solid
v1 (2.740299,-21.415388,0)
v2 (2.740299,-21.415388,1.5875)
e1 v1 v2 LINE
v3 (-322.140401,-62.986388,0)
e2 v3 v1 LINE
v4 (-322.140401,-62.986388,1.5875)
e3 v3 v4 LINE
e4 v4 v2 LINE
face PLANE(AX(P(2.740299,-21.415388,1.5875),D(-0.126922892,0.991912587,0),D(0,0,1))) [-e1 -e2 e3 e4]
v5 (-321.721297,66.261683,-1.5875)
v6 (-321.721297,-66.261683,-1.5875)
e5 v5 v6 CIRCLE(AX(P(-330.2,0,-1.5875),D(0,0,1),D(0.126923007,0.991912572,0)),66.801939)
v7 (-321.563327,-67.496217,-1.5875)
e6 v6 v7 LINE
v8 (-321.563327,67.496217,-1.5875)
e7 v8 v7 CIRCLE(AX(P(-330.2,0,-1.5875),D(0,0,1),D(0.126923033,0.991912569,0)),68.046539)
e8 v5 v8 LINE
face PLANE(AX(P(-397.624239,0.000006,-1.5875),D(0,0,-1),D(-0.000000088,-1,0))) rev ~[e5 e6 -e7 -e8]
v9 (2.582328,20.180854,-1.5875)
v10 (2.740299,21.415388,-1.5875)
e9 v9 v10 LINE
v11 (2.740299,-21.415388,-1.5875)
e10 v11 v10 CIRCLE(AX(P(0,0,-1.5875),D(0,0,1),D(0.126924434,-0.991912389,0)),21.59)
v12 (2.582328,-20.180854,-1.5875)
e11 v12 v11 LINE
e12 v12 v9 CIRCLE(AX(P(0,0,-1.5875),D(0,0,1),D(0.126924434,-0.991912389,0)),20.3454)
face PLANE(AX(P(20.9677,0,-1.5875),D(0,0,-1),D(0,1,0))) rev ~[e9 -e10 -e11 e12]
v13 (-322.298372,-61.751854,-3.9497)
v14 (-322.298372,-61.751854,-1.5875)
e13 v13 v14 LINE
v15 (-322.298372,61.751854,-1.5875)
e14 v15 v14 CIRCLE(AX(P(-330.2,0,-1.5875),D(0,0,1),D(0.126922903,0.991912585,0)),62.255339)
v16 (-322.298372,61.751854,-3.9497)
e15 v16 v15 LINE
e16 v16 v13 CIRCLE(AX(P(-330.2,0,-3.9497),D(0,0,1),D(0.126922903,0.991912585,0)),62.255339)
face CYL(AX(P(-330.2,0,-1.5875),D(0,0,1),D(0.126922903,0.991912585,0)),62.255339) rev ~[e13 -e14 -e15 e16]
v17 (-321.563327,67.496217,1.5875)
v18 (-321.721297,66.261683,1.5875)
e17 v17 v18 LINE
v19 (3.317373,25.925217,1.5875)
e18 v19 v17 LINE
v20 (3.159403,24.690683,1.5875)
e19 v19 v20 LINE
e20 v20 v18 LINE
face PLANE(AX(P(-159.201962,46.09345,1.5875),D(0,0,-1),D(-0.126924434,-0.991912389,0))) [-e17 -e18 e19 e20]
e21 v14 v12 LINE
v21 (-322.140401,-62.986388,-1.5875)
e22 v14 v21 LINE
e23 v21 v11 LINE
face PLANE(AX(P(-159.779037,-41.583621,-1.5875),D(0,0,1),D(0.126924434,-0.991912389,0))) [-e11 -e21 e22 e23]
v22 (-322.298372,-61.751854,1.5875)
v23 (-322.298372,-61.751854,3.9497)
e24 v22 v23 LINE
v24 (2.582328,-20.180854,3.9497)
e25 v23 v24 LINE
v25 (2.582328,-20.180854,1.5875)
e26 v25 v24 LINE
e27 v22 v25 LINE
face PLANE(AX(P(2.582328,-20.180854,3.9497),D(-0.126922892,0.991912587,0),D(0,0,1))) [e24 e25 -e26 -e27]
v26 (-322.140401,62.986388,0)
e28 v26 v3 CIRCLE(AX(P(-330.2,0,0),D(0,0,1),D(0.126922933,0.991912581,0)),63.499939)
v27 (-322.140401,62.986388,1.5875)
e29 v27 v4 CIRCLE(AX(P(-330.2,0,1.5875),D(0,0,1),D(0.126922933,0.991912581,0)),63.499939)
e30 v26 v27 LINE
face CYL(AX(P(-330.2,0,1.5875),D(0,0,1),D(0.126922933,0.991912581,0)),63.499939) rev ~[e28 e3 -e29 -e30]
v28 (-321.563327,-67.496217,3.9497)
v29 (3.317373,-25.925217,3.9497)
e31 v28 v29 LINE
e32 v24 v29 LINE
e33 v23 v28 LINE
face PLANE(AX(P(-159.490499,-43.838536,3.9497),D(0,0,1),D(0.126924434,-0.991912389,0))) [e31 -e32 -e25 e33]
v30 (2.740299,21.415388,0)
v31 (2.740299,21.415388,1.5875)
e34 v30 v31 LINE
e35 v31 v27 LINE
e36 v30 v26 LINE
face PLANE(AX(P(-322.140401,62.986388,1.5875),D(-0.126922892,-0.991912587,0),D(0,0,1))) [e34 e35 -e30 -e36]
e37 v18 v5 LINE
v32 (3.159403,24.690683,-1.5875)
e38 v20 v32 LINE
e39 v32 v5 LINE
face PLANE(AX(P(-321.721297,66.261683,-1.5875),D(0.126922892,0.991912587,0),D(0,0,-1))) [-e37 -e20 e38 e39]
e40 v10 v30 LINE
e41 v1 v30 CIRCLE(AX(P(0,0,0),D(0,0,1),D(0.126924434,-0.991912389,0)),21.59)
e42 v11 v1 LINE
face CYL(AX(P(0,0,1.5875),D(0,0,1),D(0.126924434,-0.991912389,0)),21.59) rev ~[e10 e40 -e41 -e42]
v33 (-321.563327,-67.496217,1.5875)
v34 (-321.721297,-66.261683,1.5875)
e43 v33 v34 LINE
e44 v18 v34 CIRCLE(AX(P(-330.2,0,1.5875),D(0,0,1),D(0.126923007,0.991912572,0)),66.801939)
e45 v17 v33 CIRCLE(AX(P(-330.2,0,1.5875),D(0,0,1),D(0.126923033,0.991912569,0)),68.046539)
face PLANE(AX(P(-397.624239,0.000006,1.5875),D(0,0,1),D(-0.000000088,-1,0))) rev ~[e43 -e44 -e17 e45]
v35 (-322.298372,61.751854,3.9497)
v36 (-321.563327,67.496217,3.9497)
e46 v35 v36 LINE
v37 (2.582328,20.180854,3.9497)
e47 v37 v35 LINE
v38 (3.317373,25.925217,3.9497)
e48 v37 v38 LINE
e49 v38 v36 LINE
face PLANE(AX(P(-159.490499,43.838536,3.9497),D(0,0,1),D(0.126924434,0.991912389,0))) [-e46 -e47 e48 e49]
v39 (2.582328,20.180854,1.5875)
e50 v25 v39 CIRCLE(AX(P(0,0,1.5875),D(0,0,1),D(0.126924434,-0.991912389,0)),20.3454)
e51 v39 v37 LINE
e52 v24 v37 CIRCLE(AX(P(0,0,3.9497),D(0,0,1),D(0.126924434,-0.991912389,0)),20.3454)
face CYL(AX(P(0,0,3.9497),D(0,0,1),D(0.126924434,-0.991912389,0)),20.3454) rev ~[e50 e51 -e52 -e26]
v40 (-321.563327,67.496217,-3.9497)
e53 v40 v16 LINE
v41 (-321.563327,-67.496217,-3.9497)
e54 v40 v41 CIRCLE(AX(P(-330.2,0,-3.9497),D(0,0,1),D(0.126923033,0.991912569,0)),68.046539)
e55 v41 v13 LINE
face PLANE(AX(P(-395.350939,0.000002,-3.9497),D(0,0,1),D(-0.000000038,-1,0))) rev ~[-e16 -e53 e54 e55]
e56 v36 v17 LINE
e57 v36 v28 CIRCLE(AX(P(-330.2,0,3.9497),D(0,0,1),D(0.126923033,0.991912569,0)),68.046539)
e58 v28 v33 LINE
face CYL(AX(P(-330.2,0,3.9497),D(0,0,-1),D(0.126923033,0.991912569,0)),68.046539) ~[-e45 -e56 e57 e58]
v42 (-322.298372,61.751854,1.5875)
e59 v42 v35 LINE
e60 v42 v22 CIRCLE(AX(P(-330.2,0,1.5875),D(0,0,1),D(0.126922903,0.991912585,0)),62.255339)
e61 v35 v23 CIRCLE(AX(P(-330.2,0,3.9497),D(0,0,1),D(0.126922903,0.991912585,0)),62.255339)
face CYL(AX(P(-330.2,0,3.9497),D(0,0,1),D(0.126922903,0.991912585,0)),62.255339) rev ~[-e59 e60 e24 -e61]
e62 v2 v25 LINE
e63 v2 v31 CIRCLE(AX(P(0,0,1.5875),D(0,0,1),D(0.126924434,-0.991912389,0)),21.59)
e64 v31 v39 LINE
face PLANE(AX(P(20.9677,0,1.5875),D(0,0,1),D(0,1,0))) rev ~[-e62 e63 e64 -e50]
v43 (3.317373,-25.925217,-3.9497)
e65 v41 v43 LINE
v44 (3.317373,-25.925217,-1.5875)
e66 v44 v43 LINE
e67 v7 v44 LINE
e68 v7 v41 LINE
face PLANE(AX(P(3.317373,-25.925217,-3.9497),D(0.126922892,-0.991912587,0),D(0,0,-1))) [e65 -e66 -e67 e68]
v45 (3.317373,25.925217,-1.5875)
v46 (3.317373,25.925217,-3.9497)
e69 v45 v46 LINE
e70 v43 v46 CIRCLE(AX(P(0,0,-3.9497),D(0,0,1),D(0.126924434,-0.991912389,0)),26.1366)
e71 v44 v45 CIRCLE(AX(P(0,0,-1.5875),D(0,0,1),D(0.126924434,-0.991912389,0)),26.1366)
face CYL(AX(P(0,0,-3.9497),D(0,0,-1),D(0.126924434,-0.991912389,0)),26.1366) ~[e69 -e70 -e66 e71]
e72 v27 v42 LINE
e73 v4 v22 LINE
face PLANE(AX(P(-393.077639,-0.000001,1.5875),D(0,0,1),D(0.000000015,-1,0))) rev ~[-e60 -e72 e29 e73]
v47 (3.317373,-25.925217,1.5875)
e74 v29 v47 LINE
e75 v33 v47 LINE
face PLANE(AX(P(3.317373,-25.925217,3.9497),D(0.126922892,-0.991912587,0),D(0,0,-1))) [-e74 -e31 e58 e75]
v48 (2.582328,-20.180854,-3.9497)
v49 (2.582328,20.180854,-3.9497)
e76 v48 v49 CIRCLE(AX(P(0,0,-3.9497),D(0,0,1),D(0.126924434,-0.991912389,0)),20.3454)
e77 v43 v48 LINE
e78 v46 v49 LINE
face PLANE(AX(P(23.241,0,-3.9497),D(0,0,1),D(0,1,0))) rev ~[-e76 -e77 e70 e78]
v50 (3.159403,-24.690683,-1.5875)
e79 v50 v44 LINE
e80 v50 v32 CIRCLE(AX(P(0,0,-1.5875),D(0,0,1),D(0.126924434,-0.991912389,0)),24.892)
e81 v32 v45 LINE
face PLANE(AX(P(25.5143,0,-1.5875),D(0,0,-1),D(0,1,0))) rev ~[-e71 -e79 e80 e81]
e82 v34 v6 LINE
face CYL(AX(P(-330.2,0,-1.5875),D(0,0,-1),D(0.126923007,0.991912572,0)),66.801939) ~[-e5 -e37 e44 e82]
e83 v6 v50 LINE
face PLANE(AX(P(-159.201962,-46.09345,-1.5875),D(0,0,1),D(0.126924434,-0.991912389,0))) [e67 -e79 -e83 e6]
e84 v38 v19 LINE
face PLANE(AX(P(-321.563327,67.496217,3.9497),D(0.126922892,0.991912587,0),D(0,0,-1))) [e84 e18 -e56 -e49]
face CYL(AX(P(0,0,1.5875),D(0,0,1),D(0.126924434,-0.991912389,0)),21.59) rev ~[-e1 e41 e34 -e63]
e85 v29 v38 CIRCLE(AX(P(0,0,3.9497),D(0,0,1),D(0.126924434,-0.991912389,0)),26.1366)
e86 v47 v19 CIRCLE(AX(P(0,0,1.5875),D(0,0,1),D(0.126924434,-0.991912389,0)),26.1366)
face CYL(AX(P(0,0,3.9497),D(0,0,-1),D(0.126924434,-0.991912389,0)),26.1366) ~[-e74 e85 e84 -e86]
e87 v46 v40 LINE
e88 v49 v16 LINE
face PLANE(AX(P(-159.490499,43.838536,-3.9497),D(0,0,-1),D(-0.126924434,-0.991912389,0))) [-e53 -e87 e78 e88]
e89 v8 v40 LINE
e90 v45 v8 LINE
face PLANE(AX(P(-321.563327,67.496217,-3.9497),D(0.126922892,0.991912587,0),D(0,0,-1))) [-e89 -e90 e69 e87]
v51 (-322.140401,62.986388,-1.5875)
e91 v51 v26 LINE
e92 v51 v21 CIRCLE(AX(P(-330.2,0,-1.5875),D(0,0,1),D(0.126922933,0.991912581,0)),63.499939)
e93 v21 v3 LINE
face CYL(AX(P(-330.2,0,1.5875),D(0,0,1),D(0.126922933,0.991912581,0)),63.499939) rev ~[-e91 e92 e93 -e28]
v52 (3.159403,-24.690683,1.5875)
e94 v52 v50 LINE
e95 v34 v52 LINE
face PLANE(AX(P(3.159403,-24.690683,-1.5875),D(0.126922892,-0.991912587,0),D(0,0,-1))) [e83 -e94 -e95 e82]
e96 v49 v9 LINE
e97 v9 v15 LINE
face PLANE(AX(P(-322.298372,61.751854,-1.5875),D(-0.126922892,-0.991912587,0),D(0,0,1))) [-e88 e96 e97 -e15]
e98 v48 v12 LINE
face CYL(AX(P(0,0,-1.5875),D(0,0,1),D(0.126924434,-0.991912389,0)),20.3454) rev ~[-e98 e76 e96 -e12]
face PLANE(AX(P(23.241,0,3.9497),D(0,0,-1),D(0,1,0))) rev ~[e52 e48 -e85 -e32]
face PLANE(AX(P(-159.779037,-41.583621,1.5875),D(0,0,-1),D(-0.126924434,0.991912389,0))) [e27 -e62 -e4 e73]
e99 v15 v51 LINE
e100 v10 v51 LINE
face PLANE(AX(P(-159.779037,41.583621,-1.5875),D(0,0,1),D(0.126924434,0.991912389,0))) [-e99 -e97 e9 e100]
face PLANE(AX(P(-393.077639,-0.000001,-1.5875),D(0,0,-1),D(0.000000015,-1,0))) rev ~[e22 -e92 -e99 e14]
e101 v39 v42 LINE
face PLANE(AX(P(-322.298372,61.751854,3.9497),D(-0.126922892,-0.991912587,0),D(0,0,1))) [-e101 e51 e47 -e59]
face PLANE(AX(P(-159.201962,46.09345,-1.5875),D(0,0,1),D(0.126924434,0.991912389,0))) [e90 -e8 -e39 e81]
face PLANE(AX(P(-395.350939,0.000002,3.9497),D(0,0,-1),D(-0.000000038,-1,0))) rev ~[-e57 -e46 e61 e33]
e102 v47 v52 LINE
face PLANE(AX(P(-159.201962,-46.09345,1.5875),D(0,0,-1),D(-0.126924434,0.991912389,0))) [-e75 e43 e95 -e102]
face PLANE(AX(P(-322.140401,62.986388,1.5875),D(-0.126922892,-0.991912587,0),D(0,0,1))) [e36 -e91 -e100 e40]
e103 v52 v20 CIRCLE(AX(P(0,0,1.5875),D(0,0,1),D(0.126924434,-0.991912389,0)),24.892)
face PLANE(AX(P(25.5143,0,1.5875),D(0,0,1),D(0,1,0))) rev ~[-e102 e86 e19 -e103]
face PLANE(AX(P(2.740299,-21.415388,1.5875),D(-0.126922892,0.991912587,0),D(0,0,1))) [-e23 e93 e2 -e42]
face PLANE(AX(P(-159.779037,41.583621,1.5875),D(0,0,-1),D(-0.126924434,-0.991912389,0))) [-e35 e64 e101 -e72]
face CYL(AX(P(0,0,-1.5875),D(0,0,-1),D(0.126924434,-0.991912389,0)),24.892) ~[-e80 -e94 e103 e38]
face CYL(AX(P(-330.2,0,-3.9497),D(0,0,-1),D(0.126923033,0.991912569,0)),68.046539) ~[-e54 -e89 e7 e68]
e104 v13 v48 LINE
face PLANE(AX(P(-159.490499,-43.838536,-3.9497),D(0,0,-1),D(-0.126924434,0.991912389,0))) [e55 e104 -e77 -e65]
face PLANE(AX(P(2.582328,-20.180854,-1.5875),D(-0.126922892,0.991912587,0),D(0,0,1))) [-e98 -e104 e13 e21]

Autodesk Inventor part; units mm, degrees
ref_plane "YZ Plane" through (0, 0, 0) normal (1, 0, 0) x (0, 1, 0)
ref_plane "XZ Plane" through (0, 0, 0) normal (0, 1, 0) x (-1, 0, 0)
ref_plane "XY Plane" through (0, 0, 0) normal (0, 0, 1) x (1, 0, 0)
sketch "Sketch2" plane through (0, 0, 0) normal (0, 0, 1) x (1, 0, 0)
  arc A0 (2.7403, -21.4154) -> (2.7403, 21.4154) centre (0, 0) ccw
  arc A1 (-322.1404, 62.9864) -> (-322.1404, -62.9864) centre (-330.2, 0) ccw
  line L0 (-322.1404, 62.9864) -> (2.7403, 21.4154)
  line L1 (2.7403, -21.4154) -> (-322.1404, -62.9864)
  dimension "d1" = 330.2
  dimension "d3" = 43.18
  dimension "d4" = 127
sketch "Sketch3" plane through (0, 0, 0) normal (0, 1, 0) x (-1, 0, 0)
  line L0 (-2.7403, 0) -> (-21.59, 0) projected
  line L1 (-26.1366, 3.9497) -> (-20.3454, 3.9497)
  line L2 (-20.3454, 3.9497) -> (-20.3454, 1.5875)
  line L3 (-20.3454, 1.5875) -> (-21.59, 1.5875)
  line L4 (-21.59, 1.5875) -> (-21.59, -1.5875)
  line L5 (-21.59, -1.5875) -> (-20.3454, -1.5875)
  line L6 (-20.3454, -1.5875) -> (-20.3454, -3.9497)
  line L7 (-20.3454, -3.9497) -> (-26.1366, -3.9497)
  line L8 (-26.1366, -3.9497) -> (-26.1366, -1.5875)
  line L9 (-26.1366, -1.5875) -> (-24.892, -1.5875)
  line L10 (-24.892, -1.5875) -> (-24.892, 1.5875)
  line L11 (-24.892, 1.5875) -> (-26.1366, 1.5875)
  line L12 (-26.1366, 3.9497) -> (-26.1366, 1.5875)
  point P0 (0, 0)
  point P1 (-24.892, 0)
  dimension "d8" = 5.7912
  dimension "d9" = 7.8994
  dimension "d10" = 3.175
  dimension "d11" = 3.302
sweep "Sweep1" add profiles "Sketch3" path "Sketch2"
properties part number "IntakeChain" material "Steel"
